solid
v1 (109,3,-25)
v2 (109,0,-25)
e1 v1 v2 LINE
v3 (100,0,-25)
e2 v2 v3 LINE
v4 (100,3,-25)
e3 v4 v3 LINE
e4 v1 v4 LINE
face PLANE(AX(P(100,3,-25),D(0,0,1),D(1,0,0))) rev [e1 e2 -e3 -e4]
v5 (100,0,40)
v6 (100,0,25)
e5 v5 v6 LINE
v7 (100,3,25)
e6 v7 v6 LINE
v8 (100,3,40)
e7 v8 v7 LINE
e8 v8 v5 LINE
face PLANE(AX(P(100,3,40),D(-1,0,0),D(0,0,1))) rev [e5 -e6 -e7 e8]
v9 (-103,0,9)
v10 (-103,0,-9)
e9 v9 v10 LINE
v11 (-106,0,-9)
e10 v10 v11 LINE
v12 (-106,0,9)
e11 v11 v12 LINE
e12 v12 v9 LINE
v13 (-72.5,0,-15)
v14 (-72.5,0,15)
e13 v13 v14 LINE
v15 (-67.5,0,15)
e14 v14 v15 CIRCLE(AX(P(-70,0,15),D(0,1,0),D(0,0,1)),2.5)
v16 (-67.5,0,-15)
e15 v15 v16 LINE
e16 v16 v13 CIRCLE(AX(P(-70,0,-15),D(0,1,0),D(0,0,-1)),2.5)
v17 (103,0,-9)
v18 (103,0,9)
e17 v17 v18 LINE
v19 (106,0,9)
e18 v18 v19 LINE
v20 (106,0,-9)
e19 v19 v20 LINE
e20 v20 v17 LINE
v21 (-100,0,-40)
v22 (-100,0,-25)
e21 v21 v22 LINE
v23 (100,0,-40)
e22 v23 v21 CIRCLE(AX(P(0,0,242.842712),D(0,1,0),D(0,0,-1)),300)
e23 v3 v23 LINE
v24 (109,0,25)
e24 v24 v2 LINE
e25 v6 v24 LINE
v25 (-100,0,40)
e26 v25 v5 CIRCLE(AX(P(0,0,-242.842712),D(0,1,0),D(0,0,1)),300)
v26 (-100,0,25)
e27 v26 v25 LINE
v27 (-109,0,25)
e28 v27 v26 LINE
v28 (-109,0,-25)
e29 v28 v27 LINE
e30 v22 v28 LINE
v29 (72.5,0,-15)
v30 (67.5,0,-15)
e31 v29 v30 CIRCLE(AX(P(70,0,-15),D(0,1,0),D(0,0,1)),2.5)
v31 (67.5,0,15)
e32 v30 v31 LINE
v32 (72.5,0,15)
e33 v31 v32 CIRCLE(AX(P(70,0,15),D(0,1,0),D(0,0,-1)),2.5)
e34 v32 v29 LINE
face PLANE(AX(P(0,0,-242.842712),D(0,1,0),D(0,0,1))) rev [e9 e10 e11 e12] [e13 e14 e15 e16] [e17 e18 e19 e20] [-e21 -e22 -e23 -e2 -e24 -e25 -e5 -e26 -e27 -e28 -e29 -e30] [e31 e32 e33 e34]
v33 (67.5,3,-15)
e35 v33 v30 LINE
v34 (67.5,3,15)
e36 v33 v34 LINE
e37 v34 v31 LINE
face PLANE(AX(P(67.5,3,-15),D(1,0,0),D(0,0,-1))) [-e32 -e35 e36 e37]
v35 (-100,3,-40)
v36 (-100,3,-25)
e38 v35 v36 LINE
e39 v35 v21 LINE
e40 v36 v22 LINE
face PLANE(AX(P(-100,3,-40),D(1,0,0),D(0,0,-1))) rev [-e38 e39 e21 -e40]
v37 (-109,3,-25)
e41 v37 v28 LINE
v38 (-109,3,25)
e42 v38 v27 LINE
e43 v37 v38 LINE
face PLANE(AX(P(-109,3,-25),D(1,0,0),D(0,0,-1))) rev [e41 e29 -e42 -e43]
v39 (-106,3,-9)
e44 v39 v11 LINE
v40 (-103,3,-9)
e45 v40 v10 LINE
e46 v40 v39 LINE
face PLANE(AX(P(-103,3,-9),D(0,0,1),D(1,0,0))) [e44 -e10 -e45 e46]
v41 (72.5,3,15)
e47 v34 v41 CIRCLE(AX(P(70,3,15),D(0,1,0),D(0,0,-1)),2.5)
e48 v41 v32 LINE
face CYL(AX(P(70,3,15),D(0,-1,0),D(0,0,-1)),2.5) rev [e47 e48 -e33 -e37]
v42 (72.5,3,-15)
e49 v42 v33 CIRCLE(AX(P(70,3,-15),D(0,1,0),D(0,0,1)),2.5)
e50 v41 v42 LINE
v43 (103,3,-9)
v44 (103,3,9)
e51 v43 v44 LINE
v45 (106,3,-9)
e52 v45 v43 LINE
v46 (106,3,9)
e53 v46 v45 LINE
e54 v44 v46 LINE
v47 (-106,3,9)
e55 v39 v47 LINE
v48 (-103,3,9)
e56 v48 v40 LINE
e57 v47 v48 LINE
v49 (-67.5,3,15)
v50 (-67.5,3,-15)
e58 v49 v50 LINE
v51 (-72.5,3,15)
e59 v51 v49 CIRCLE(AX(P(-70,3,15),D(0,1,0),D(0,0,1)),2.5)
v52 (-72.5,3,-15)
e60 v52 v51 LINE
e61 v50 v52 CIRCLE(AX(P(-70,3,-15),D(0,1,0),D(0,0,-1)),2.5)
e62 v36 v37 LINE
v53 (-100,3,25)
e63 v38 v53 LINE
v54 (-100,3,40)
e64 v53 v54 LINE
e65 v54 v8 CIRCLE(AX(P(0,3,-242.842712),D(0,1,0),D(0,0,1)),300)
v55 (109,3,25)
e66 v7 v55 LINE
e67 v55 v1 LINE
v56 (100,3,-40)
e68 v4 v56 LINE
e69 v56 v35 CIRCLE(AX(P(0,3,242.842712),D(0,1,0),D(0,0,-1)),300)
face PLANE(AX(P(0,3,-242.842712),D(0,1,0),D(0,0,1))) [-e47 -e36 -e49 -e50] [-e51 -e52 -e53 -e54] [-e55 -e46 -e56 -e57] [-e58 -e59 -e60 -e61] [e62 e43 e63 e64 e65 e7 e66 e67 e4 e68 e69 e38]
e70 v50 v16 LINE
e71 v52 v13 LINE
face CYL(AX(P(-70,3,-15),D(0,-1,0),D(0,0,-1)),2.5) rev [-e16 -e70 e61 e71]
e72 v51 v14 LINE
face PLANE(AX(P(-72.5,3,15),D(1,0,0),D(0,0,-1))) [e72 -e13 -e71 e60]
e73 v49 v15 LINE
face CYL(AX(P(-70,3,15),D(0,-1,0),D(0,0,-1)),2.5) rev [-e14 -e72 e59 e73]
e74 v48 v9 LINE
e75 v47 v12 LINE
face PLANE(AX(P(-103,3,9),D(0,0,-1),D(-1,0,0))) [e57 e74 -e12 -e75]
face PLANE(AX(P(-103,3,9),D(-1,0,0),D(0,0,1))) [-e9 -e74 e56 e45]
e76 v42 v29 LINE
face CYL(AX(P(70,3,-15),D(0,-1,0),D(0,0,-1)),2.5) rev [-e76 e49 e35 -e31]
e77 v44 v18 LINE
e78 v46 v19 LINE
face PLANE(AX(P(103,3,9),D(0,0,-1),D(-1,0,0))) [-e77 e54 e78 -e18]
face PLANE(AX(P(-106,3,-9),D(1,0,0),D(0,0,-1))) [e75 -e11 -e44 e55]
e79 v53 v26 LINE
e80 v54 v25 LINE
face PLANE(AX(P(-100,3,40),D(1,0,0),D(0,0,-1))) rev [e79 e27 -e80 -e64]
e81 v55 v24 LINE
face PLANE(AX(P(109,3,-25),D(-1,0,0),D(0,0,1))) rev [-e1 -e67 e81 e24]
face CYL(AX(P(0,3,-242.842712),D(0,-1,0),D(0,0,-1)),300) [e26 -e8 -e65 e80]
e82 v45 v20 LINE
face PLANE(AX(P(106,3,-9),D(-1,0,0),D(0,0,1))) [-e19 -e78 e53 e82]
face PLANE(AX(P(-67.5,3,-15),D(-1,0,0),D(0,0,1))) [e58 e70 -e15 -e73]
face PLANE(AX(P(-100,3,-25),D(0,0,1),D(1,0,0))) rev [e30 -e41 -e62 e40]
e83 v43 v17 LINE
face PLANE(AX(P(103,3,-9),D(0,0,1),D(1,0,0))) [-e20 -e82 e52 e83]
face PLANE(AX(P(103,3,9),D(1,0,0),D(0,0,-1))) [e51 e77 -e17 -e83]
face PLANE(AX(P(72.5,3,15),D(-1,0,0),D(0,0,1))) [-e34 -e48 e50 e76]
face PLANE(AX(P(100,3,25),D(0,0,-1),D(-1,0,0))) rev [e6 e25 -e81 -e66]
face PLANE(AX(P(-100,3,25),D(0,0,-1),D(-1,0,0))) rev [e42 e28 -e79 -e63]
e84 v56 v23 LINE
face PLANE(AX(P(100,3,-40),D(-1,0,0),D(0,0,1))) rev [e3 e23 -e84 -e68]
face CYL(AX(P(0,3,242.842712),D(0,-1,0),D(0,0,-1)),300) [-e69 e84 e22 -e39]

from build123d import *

# Parameters (mm, degrees)
SKETCH1_W           = 3
SKETCH1_H           = 18
BOSS_EXTRUDE1_DEPTH = 3


with BuildPart() as part:
    # Sketch1 → Boss-Extrude1 (new body)
    with BuildSketch(Plane(origin=(0, 0, 0), x_dir=(1, 0, 0), z_dir=(0, 1, 0))):
        with BuildLine():
            Line((-100, 40), (-100, 25))
            Line((-100, 25), (-109, 25))
            Line((-109, 25), (-109, -25))
            Line((-109, -25), (-100, -25))
            Line((-100, -25), (-100, -40))
            ThreePointArc((-100, -40), (0, -57.157287525), (100, -40))
            Line((100, -40), (100, -25))
            Line((100, -25), (109, -25))
            Line((109, -25), (109, 25))
            Line((109, 25), (100, 25))
            Line((100, 25), (100, 40))
            ThreePointArc((100, 40), (0, 57.157287525), (-100, 40))
        make_face()
        with Locations((104.5, 0)):
            Rectangle(SKETCH1_W, SKETCH1_H, mode=Mode.SUBTRACT)
        with Locations((-104.5, 0)):
            Rectangle(SKETCH1_W, SKETCH1_H, mode=Mode.SUBTRACT)
        with BuildLine():
            Line((-72.5, -15), (-72.5, 15))
            ThreePointArc((-72.5, 15), (-70, 17.5), (-67.5, 15))
            Line((-67.5, 15), (-67.5, -15))
            ThreePointArc((-67.5, -15), (-70, -17.5), (-72.5, -15))
        make_face(mode=Mode.SUBTRACT)
        with BuildLine():
            Line((72.5, -15), (72.5, 15))
            ThreePointArc((72.5, 15), (70, 17.5), (67.5, 15))
            Line((67.5, 15), (67.5, -15))
            ThreePointArc((67.5, -15), (70, -17.5), (72.5, -15))
        make_face(mode=Mode.SUBTRACT)
    extrude(amount=BOSS_EXTRUDE1_DEPTH)


solid = part.part
